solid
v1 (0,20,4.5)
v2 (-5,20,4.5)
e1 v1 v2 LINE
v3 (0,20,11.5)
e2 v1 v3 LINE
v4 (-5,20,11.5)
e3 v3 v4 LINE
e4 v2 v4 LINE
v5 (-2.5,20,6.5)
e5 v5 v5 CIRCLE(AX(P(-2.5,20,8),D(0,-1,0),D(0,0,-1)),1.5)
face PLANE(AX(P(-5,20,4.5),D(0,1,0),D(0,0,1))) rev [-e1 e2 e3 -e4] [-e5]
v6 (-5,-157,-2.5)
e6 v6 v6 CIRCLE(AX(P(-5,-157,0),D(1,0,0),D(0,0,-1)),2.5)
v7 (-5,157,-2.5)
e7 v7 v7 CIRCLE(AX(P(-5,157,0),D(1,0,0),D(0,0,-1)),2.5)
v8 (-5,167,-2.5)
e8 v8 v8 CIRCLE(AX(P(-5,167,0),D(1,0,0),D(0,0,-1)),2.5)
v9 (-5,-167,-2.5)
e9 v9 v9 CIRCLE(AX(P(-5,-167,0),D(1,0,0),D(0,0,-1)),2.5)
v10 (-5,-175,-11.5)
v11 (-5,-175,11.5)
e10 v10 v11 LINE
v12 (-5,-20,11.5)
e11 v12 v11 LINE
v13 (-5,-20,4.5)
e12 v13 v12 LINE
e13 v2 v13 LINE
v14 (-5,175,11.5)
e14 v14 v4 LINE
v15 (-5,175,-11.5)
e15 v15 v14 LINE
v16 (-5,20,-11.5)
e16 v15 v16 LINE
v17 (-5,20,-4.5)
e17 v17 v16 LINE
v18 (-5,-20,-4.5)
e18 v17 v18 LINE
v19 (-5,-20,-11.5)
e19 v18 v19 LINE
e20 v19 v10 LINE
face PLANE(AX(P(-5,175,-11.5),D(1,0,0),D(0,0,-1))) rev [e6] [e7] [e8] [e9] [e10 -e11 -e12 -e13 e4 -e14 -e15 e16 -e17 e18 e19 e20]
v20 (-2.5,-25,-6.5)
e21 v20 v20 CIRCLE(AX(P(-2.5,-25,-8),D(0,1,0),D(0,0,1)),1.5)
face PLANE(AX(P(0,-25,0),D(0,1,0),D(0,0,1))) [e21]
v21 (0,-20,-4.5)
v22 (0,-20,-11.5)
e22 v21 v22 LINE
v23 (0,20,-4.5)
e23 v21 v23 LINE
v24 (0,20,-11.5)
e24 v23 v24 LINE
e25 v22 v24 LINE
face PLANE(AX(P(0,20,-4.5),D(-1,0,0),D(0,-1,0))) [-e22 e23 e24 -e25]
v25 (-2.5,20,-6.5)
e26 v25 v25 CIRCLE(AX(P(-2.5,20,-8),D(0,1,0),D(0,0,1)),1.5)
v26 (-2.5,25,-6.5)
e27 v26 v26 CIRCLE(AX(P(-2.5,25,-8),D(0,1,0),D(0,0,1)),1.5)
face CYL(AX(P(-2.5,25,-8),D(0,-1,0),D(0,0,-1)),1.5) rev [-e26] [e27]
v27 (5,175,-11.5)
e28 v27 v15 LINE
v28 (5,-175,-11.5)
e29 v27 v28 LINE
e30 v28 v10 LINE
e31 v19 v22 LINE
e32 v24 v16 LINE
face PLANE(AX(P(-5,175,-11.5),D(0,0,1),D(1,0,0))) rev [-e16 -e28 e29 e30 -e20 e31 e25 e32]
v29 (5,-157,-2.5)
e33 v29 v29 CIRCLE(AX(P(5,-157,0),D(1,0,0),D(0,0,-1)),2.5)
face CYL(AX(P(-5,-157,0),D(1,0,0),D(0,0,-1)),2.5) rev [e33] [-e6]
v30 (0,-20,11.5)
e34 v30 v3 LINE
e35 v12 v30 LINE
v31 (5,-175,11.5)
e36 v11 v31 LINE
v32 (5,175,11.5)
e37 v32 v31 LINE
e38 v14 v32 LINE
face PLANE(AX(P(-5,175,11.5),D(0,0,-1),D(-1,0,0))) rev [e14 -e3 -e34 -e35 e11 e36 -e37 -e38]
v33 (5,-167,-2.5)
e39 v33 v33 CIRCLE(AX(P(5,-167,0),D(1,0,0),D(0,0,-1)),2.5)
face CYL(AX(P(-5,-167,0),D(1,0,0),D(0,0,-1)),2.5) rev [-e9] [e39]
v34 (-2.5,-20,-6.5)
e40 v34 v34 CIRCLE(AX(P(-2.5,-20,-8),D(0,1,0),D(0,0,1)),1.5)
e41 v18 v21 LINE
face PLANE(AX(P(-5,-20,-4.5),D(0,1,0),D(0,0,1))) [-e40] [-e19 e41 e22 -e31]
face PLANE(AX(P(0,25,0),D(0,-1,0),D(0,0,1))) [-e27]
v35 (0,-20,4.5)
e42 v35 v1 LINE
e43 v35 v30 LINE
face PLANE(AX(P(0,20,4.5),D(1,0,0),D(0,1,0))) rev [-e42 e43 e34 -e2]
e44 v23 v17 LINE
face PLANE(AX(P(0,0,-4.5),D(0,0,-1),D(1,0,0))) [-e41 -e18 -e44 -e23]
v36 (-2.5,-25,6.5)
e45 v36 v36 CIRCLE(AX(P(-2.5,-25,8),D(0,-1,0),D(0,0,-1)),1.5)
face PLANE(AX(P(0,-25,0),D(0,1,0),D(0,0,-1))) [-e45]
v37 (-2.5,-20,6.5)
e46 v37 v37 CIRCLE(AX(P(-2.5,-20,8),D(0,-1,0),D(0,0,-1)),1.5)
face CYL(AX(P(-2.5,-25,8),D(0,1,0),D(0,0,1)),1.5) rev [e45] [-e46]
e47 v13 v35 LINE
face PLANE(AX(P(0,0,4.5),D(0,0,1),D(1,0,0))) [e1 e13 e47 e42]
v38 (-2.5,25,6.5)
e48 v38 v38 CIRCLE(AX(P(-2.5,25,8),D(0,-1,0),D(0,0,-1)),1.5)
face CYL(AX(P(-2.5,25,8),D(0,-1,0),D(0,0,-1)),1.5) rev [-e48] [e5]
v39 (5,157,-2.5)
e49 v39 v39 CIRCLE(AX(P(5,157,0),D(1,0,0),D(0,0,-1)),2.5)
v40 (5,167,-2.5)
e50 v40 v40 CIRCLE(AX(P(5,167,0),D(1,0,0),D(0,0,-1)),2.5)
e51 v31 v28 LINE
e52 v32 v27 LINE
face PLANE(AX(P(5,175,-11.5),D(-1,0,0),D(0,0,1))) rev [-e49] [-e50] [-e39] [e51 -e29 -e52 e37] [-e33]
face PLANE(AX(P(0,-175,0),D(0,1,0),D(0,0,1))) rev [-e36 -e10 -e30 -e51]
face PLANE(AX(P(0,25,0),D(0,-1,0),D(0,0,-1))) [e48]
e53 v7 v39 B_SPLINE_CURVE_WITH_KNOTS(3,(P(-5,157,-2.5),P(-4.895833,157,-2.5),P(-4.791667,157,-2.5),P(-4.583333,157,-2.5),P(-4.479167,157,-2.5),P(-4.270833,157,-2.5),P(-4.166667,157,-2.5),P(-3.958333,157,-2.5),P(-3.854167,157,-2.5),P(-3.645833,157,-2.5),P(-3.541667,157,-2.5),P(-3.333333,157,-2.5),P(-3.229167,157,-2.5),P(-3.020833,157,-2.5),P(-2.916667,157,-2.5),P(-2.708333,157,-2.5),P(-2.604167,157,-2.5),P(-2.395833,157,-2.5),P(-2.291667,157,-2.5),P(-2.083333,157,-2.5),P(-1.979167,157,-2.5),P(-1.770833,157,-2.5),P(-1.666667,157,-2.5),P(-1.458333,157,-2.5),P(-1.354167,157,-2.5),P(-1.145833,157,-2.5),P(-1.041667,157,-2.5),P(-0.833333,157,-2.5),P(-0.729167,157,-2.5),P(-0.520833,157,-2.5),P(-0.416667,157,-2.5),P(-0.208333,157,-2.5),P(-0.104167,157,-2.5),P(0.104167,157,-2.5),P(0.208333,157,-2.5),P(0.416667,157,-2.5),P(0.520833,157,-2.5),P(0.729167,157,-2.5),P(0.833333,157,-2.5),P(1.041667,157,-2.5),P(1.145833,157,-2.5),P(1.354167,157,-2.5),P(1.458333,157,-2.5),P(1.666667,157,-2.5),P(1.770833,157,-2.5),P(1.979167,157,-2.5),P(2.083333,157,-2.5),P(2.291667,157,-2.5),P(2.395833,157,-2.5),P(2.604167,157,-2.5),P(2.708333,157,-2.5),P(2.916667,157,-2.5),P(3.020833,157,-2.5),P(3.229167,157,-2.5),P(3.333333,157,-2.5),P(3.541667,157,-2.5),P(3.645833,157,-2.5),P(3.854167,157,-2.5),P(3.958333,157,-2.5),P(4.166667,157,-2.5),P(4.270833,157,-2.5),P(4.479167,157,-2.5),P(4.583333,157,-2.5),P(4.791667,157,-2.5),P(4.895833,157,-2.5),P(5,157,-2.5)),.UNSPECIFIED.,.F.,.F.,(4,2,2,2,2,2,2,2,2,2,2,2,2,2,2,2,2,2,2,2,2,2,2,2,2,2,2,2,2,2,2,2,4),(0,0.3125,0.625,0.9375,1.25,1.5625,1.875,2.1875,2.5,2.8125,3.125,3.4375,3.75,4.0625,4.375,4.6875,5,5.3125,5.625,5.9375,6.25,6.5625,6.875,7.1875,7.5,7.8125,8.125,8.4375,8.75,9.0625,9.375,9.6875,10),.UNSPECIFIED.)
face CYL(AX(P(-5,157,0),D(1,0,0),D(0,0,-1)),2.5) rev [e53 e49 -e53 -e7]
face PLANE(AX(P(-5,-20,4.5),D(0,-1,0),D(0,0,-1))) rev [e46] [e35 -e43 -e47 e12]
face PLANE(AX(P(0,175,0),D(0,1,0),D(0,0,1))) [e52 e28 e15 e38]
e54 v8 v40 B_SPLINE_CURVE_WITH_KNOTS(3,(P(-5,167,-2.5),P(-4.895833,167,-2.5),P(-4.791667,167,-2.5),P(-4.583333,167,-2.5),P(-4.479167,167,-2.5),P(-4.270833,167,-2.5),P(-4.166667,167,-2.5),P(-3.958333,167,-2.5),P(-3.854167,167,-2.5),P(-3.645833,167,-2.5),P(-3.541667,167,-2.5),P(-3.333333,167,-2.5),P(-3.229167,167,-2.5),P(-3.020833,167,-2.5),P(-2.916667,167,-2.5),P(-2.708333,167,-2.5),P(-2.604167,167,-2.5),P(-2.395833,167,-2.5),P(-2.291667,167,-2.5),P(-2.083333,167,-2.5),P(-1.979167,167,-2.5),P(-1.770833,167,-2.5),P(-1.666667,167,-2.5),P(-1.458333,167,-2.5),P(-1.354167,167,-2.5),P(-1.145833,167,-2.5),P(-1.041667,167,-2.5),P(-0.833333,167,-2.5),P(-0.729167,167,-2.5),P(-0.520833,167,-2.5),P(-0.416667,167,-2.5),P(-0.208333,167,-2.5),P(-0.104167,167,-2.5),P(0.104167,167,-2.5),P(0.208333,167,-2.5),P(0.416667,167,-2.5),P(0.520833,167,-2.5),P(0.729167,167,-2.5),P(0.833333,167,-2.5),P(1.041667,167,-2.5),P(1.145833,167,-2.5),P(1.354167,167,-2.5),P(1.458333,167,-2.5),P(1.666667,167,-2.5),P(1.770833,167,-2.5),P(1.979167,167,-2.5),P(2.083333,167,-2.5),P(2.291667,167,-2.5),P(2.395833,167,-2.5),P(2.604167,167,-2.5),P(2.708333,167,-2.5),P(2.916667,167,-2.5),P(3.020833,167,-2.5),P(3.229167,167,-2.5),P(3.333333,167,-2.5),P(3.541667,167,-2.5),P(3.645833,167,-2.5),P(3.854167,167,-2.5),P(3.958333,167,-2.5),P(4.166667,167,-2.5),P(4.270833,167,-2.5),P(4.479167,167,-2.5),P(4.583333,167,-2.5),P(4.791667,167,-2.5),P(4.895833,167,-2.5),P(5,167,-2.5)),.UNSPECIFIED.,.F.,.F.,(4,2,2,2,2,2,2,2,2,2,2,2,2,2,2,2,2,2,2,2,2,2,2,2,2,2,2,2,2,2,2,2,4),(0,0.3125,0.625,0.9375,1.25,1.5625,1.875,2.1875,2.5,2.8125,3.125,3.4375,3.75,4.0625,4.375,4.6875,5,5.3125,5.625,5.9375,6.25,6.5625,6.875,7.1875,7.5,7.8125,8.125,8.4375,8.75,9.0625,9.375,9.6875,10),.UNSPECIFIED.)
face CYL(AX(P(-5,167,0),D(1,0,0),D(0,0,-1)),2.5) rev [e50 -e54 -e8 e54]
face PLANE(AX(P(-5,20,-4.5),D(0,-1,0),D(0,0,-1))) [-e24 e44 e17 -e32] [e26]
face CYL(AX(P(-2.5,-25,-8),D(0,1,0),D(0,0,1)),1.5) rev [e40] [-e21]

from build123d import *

# Parameters (mm, degrees)
SKETCH2_W               = 10
SKETCH2_H               = 23
BOSS_EXTRUDE1_DEPTH     = 175
SKETCH3_R               = 2.5
CUT_EXTRUDE1_DEPTH      = 176.662318099
SKETCH5_R               = 2.5
CUT_EXTRUDE2_DEPTH      = 176.662318099
SKETCH6_W               = 5
SKETCH6_H               = 40
CUT_EXTRUDE3_DEPTH      = 7
SKETCH7_R               = 1.5
CUT_EXTRUDE6_DEPTH      = 5
MIRROR2_COPY_1_SKETCH_R = 1.5
MIRROR2_COPY_1_DEPTH    = 5


with BuildPart() as part:
    # Sketch2 → Boss-Extrude1 (new, symmetric)
    with BuildSketch(Plane(origin=(0, 0, 0), x_dir=(1, 0, 0), z_dir=(0, 1, 0))):
        Rectangle(SKETCH2_W, SKETCH2_H)
    extrude(amount=BOSS_EXTRUDE1_DEPTH, both=True)

    # Sketch3 → Cut-Extrude1 (cut, through all)
    with BuildSketch(Plane(origin=(5, 0, 0), x_dir=(0, 0, -1), z_dir=(1, 0, 0))):
        with Locations((0, 167)):
            Circle(SKETCH3_R)
        with Locations((0, 157)):
            Circle(SKETCH3_R)
    extrude(amount=-CUT_EXTRUDE1_DEPTH, mode=Mode.SUBTRACT)

    # Sketch5 → Cut-Extrude2 (cut, through all)
    with BuildSketch(Plane(origin=(5, 0, 0), x_dir=(0, 0, -1), z_dir=(1, 0, 0))):
        with Locations((0, -167)):
            Circle(SKETCH5_R)
        with Locations((0, -157)):
            Circle(SKETCH5_R)
    extrude(amount=-CUT_EXTRUDE2_DEPTH, mode=Mode.SUBTRACT)

    # Sketch6 → Cut-Extrude3 (cut)
    with BuildSketch(Plane.XY.offset(11.5)):
        with Locations((-2.5, 0)):
            Rectangle(SKETCH6_W, SKETCH6_H)
    cut_extrude3 = extrude(amount=-CUT_EXTRUDE3_DEPTH, mode=Mode.SUBTRACT)

    # Sketch7 → Cut-Extrude6 (cut)
    with BuildSketch(Plane.XZ.offset(-20)):
        with Locations(Location((-2.5, 8, 0), (0, 0, 270))):
            Circle(SKETCH7_R)
    cut_extrude6 = extrude(amount=-CUT_EXTRUDE6_DEPTH, mode=Mode.SUBTRACT)

    # Mirror1: Cut-Extrude6 across plane
    add(cut_extrude6.mirror(Plane(origin=(0, 0, 0), x_dir=(0, 0, 1), z_dir=(0, -1, 0))), mode=Mode.SUBTRACT)

    # Mirror2: Cut-Extrude3, Cut-Extrude6 across plane
    add(cut_extrude3.mirror(Plane.XY), mode=Mode.SUBTRACT)
    add(cut_extrude6.mirror(Plane.XY), mode=Mode.SUBTRACT)

    # Mirror2 copy 1 sketch → Mirror2 copy 1 (cut)
    with BuildSketch(Plane(origin=(0, -20, 0), x_dir=(1, 0, 0), z_dir=(0, 1, 0))):
        with Locations(Location((-2.5, 8, 0), (0, 0, 270))):
            Circle(MIRROR2_COPY_1_SKETCH_R)
    extrude(amount=-MIRROR2_COPY_1_DEPTH, mode=Mode.SUBTRACT)


solid = part.part
